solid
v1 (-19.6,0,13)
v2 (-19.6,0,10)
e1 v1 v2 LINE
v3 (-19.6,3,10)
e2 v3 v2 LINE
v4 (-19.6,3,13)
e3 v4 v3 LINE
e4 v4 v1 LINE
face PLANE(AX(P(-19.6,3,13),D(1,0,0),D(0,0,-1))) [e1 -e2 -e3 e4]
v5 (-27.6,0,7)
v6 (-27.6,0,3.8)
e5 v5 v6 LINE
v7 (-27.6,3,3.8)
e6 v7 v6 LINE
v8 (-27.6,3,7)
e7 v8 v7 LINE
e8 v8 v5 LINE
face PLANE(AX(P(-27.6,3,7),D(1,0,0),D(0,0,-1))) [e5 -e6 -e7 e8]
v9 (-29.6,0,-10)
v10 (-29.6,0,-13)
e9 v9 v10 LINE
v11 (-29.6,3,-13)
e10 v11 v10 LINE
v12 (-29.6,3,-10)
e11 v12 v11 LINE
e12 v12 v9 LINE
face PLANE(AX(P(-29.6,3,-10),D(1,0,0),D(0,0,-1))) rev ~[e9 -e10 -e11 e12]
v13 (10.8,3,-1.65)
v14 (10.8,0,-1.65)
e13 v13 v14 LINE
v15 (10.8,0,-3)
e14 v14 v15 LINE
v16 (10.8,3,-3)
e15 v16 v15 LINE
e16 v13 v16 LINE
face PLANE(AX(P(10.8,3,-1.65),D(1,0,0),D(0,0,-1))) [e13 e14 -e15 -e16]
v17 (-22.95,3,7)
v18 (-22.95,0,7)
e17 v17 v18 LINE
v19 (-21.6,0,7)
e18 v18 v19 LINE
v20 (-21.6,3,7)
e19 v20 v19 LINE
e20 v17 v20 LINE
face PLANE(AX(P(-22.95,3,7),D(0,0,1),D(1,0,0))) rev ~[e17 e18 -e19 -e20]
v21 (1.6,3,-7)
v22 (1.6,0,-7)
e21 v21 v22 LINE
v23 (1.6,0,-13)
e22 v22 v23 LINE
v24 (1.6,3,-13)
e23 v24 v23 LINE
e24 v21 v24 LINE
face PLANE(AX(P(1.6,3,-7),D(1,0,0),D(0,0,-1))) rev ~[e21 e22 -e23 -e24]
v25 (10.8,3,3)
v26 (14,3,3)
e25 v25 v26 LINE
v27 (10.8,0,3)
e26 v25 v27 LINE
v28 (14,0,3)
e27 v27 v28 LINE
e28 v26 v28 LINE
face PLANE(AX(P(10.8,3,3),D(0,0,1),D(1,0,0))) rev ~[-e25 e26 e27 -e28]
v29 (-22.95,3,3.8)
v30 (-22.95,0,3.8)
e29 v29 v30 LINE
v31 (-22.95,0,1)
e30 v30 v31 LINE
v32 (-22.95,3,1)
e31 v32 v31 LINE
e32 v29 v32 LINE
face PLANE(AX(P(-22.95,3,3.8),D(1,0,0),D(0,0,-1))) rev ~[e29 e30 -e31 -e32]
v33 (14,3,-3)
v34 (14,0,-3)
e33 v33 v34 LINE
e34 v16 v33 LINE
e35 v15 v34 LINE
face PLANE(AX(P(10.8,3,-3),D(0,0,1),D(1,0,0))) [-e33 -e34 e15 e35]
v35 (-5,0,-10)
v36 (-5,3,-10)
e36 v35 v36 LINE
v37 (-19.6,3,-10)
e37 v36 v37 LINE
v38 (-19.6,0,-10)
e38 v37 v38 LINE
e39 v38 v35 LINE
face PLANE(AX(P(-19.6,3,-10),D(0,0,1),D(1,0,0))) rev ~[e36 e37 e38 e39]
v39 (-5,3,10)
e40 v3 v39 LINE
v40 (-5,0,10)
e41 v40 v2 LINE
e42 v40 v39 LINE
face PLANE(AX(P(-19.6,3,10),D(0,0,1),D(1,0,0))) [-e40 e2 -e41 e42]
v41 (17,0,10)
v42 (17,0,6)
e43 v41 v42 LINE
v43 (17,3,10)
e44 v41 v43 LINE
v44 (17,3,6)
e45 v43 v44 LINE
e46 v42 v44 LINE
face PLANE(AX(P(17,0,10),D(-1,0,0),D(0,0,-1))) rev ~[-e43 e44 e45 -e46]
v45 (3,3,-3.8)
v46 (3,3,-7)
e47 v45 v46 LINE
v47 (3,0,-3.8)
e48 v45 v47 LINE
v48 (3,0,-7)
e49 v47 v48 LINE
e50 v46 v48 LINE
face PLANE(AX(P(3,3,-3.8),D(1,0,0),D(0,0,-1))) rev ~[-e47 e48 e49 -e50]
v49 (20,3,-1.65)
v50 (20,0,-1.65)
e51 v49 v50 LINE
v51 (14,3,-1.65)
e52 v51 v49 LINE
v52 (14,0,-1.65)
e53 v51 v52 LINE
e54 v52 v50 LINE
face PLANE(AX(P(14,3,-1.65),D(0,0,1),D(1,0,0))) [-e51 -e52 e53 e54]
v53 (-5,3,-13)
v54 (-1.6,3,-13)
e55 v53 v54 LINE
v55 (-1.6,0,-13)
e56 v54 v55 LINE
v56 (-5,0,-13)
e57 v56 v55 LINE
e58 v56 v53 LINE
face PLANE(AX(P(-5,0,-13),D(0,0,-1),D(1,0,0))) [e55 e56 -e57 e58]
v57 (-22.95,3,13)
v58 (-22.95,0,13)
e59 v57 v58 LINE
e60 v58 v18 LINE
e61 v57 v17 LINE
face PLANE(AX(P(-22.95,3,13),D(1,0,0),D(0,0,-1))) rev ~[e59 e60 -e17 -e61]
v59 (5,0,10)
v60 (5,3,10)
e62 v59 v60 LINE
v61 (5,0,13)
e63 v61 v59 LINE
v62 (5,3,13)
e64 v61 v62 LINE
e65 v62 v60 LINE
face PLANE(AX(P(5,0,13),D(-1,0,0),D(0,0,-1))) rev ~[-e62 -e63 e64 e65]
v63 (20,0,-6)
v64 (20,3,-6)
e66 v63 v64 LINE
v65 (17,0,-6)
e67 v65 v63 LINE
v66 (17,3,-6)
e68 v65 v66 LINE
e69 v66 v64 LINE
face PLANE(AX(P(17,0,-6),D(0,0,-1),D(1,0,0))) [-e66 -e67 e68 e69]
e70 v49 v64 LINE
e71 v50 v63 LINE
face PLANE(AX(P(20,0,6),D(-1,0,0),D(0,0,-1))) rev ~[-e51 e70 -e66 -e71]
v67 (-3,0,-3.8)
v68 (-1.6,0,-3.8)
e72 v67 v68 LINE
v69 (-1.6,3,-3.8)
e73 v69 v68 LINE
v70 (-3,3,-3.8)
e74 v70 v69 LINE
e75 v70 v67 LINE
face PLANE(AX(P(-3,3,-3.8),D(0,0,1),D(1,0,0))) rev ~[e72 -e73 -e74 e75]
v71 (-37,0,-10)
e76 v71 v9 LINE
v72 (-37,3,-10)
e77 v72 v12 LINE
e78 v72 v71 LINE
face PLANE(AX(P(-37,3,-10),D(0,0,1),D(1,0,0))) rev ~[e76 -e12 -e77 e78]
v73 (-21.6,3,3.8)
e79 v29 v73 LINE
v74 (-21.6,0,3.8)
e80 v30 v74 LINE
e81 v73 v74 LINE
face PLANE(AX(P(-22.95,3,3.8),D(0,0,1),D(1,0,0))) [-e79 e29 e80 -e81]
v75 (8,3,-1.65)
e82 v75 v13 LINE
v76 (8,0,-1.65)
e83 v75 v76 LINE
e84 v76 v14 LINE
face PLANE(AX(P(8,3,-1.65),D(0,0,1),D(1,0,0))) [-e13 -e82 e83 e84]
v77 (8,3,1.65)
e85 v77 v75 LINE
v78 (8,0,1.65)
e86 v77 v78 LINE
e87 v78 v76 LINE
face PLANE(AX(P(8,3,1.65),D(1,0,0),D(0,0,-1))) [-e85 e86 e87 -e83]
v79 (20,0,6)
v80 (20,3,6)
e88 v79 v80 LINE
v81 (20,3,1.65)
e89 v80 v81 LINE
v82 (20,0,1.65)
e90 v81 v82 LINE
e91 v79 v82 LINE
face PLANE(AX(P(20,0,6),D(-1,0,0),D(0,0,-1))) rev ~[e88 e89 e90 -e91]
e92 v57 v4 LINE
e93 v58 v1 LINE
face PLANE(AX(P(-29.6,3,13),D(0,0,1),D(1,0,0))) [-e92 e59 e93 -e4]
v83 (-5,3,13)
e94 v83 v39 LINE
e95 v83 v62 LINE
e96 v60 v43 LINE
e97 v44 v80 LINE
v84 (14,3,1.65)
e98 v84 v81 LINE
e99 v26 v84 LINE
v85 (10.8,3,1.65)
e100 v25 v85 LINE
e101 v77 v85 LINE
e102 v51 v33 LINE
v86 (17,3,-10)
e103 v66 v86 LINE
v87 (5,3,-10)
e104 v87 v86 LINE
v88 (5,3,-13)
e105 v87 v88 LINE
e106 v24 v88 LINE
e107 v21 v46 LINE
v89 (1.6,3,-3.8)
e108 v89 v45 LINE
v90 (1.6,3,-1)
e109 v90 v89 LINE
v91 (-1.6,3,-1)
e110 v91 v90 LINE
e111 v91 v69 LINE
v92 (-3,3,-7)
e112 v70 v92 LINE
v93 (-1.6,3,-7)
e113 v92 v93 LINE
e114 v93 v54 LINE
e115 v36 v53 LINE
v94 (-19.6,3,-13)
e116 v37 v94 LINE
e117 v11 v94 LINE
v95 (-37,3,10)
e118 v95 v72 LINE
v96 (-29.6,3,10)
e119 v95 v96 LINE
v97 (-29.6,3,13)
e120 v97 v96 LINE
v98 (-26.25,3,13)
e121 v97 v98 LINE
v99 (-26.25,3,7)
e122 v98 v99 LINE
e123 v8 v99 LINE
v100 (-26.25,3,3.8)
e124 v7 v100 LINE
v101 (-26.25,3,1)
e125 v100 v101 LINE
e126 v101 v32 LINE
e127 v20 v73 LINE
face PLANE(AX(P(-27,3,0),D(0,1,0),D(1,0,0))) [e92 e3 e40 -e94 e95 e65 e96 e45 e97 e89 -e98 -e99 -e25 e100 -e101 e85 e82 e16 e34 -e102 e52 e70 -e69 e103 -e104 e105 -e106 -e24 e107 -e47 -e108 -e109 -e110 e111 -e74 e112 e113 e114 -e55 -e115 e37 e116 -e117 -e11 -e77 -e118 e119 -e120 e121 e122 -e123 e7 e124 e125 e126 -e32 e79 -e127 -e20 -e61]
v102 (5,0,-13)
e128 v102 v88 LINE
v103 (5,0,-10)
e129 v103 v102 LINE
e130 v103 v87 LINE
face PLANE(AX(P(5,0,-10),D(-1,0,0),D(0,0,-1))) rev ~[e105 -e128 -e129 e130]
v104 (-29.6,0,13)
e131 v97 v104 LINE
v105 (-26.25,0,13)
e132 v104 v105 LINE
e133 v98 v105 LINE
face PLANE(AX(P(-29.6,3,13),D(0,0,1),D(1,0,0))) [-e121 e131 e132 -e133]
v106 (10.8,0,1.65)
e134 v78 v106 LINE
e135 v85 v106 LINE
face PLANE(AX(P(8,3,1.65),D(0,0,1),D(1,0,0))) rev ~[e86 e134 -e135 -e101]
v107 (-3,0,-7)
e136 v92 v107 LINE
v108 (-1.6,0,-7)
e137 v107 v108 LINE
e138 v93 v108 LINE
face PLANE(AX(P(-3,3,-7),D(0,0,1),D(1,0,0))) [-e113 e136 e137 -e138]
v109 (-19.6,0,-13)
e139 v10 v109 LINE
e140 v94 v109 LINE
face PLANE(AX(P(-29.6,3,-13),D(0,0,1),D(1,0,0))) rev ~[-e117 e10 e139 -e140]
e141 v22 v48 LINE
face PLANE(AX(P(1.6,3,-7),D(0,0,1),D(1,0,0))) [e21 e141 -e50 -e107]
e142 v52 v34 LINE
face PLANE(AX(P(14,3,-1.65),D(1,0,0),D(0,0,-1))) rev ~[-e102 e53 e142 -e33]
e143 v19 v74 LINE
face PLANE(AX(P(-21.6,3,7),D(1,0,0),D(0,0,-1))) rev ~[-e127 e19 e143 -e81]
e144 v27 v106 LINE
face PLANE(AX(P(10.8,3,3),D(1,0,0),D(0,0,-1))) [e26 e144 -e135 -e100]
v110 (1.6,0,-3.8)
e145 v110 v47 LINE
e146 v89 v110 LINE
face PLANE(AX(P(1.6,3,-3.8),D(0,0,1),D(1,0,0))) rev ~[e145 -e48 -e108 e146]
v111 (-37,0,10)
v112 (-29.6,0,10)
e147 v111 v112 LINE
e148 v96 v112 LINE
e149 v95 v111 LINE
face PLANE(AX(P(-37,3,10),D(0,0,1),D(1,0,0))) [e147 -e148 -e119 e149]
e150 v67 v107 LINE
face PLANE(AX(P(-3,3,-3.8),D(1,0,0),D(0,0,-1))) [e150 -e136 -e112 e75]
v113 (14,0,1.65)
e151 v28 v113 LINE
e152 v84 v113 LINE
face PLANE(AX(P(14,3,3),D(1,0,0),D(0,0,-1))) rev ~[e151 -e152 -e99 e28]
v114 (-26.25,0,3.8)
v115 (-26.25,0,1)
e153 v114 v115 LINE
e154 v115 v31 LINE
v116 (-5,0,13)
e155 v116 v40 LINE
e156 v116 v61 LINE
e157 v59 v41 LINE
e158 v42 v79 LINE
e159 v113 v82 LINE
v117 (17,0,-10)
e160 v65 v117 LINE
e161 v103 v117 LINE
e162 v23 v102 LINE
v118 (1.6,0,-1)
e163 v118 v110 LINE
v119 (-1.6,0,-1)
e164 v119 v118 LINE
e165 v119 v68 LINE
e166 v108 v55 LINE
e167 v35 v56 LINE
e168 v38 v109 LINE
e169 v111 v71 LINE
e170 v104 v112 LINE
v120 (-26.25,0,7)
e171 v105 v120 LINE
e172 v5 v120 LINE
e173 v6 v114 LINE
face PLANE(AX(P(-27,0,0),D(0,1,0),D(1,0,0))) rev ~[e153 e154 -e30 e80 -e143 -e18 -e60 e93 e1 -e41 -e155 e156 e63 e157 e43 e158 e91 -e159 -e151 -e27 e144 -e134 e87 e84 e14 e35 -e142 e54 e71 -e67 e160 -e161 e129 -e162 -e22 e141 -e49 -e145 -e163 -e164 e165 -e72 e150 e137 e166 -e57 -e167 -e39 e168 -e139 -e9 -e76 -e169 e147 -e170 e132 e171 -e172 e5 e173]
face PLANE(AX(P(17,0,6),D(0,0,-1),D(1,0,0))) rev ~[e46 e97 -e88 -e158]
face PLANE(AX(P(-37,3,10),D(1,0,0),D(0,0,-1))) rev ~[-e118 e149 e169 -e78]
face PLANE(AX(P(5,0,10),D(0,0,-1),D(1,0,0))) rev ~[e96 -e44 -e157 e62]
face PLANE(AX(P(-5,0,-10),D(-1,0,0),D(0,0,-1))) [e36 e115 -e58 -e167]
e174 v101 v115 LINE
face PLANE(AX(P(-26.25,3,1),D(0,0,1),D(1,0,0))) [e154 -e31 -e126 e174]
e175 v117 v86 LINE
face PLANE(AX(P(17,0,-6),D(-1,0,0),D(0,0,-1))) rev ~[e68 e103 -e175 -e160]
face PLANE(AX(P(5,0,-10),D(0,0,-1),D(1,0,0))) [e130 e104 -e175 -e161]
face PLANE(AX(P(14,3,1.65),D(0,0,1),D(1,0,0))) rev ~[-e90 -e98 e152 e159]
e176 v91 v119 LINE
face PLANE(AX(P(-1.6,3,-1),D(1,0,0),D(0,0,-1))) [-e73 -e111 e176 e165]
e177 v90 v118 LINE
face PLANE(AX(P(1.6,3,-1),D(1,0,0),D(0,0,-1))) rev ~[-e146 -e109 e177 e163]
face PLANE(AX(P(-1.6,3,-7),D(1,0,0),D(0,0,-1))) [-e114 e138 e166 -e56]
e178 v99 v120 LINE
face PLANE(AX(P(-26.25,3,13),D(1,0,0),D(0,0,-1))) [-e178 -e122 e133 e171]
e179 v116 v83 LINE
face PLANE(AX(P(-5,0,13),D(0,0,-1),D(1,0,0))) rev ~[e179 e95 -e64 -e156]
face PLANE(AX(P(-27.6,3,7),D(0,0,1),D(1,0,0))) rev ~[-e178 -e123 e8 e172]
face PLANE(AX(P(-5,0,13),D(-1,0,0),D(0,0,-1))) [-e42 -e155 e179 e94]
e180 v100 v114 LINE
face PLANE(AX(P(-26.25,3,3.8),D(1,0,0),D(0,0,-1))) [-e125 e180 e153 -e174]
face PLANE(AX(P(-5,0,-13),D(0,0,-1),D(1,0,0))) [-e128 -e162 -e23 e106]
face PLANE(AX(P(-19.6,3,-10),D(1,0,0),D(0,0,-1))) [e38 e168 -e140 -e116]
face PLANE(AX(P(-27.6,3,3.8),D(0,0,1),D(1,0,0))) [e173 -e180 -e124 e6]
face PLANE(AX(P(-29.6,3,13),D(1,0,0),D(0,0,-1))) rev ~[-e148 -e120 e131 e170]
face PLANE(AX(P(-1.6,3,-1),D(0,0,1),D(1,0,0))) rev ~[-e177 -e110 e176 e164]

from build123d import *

# Parameters (mm, degrees)
SKETCH_1_W          = 34
SKETCH_1_H          = 20
SKETCH_1_W_2        = 3
SKETCH_1_H_2        = 12
SKETCH_1_W_3        = 10
SKETCH_1_H_3        = 3
EXTRUDE_1_DEPTH     = 3
SKETCH_2_W          = 2.8
SKETCH_2_H          = 3.3
SKETCH_2_W_2        = 3.2
SKETCH_2_H_2        = 1.35
SKETCH_2_W_3        = 6
CUT_EXTRUDE_1_DEPTH = 3
SKETCH_4_W          = 20
SKETCH_4_H          = 20
SKETCH_4_W_2        = 10
SKETCH_4_H_2        = 3
EXTRUDE_2_DEPTH     = 3
SKETCH_5_W          = 3.2
SKETCH_5_H          = 2.8
SKETCH_5_W_2        = 1.4
SKETCH_5_H_2        = 3.2
SKETCH_5_H_3        = 6
SKETCH_5_W_3        = 1.35
SKETCH_5_W_4        = 3.3
CUT_EXTRUDE_2_DEPTH = 3


with BuildPart() as part:
    # 草图1 → 凸台-拉伸1 (new body)
    with BuildSketch(Plane(origin=(0, 0, 0), x_dir=(1, 0, 0), z_dir=(0, 1, 0))):
        Rectangle(SKETCH_1_W, SKETCH_1_H)
        with Locations((18.5, 0)):
            Rectangle(SKETCH_1_W_2, SKETCH_1_H_2)
        with Locations((0, 11.5)):
            Rectangle(SKETCH_1_W_3, SKETCH_1_H_3)
        with Locations((0, -11.5)):
            Rectangle(SKETCH_1_W_3, SKETCH_1_H_3)
    extrude(amount=EXTRUDE_1_DEPTH)

    # 草图2 → 切除-拉伸1 (cut)
    with BuildSketch(Plane(origin=(0, 3, 0), x_dir=(1, 0, 0), z_dir=(0, 1, 0))):
        with Locations((9.4, 0)):
            Rectangle(SKETCH_2_W, SKETCH_2_H)
        with Locations((12.4, 2.325)):
            Rectangle(SKETCH_2_W_2, SKETCH_2_H_2)
        with Locations((12.4, 0)):
            Rectangle(SKETCH_2_W_2, SKETCH_2_H)
        with Locations((12.4, -2.325)):
            Rectangle(SKETCH_2_W_2, SKETCH_2_H_2)
        with Locations((17, 0)):
            Rectangle(SKETCH_2_W_3, SKETCH_2_H)
    extrude(amount=-CUT_EXTRUDE_1_DEPTH, mode=Mode.SUBTRACT)

    # 草图4 → 凸台-拉伸2 (add)
    with BuildSketch(Plane(origin=(0, 3, 0), x_dir=(1, 0, 0), z_dir=(0, 1, 0))):
        with Locations((-27, 0)):
            Rectangle(SKETCH_4_W, SKETCH_4_H)
        with Locations((-24.6, 11.5)):
            Rectangle(SKETCH_4_W_2, SKETCH_4_H_2)
        with Locations((-24.6, -11.5)):
            Rectangle(SKETCH_4_W_2, SKETCH_4_H_2)
    extrude(amount=-EXTRUDE_2_DEPTH)

    # 草图5 → 切除-拉伸2 (cut)
    with BuildSketch(Plane(origin=(0, 3, 0), x_dir=(1, 0, 0), z_dir=(0, 1, 0))):
        with Locations((0, 2.4)):
            Rectangle(SKETCH_5_W, SKETCH_5_H)
        with Locations((-2.3, 5.4)):
            Rectangle(SKETCH_5_W_2, SKETCH_5_H_2)
        with Locations((0, 10)):
            Rectangle(SKETCH_5_W, SKETCH_5_H_3)
        with Locations((0, 5.4)):
            Rectangle(SKETCH_5_W, SKETCH_5_H_2)
        with Locations((2.3, 5.4)):
            Rectangle(SKETCH_5_W_2, SKETCH_5_H_2)
        with Locations((-26.925, -5.4)):
            Rectangle(SKETCH_5_W_3, SKETCH_5_H_2)
        with Locations((-24.6, -2.4)):
            Rectangle(SKETCH_5_W_4, SKETCH_5_H)
        with Locations((-22.275, -5.4)):
            Rectangle(SKETCH_5_W_3, SKETCH_5_H_2)
        with Locations((-24.6, -5.4)):
            Rectangle(SKETCH_5_W_4, SKETCH_5_H_2)
        with Locations((-24.6, -10)):
            Rectangle(SKETCH_5_W_4, SKETCH_5_H_3)
    extrude(amount=-CUT_EXTRUDE_2_DEPTH, mode=Mode.SUBTRACT)


solid = part.part
